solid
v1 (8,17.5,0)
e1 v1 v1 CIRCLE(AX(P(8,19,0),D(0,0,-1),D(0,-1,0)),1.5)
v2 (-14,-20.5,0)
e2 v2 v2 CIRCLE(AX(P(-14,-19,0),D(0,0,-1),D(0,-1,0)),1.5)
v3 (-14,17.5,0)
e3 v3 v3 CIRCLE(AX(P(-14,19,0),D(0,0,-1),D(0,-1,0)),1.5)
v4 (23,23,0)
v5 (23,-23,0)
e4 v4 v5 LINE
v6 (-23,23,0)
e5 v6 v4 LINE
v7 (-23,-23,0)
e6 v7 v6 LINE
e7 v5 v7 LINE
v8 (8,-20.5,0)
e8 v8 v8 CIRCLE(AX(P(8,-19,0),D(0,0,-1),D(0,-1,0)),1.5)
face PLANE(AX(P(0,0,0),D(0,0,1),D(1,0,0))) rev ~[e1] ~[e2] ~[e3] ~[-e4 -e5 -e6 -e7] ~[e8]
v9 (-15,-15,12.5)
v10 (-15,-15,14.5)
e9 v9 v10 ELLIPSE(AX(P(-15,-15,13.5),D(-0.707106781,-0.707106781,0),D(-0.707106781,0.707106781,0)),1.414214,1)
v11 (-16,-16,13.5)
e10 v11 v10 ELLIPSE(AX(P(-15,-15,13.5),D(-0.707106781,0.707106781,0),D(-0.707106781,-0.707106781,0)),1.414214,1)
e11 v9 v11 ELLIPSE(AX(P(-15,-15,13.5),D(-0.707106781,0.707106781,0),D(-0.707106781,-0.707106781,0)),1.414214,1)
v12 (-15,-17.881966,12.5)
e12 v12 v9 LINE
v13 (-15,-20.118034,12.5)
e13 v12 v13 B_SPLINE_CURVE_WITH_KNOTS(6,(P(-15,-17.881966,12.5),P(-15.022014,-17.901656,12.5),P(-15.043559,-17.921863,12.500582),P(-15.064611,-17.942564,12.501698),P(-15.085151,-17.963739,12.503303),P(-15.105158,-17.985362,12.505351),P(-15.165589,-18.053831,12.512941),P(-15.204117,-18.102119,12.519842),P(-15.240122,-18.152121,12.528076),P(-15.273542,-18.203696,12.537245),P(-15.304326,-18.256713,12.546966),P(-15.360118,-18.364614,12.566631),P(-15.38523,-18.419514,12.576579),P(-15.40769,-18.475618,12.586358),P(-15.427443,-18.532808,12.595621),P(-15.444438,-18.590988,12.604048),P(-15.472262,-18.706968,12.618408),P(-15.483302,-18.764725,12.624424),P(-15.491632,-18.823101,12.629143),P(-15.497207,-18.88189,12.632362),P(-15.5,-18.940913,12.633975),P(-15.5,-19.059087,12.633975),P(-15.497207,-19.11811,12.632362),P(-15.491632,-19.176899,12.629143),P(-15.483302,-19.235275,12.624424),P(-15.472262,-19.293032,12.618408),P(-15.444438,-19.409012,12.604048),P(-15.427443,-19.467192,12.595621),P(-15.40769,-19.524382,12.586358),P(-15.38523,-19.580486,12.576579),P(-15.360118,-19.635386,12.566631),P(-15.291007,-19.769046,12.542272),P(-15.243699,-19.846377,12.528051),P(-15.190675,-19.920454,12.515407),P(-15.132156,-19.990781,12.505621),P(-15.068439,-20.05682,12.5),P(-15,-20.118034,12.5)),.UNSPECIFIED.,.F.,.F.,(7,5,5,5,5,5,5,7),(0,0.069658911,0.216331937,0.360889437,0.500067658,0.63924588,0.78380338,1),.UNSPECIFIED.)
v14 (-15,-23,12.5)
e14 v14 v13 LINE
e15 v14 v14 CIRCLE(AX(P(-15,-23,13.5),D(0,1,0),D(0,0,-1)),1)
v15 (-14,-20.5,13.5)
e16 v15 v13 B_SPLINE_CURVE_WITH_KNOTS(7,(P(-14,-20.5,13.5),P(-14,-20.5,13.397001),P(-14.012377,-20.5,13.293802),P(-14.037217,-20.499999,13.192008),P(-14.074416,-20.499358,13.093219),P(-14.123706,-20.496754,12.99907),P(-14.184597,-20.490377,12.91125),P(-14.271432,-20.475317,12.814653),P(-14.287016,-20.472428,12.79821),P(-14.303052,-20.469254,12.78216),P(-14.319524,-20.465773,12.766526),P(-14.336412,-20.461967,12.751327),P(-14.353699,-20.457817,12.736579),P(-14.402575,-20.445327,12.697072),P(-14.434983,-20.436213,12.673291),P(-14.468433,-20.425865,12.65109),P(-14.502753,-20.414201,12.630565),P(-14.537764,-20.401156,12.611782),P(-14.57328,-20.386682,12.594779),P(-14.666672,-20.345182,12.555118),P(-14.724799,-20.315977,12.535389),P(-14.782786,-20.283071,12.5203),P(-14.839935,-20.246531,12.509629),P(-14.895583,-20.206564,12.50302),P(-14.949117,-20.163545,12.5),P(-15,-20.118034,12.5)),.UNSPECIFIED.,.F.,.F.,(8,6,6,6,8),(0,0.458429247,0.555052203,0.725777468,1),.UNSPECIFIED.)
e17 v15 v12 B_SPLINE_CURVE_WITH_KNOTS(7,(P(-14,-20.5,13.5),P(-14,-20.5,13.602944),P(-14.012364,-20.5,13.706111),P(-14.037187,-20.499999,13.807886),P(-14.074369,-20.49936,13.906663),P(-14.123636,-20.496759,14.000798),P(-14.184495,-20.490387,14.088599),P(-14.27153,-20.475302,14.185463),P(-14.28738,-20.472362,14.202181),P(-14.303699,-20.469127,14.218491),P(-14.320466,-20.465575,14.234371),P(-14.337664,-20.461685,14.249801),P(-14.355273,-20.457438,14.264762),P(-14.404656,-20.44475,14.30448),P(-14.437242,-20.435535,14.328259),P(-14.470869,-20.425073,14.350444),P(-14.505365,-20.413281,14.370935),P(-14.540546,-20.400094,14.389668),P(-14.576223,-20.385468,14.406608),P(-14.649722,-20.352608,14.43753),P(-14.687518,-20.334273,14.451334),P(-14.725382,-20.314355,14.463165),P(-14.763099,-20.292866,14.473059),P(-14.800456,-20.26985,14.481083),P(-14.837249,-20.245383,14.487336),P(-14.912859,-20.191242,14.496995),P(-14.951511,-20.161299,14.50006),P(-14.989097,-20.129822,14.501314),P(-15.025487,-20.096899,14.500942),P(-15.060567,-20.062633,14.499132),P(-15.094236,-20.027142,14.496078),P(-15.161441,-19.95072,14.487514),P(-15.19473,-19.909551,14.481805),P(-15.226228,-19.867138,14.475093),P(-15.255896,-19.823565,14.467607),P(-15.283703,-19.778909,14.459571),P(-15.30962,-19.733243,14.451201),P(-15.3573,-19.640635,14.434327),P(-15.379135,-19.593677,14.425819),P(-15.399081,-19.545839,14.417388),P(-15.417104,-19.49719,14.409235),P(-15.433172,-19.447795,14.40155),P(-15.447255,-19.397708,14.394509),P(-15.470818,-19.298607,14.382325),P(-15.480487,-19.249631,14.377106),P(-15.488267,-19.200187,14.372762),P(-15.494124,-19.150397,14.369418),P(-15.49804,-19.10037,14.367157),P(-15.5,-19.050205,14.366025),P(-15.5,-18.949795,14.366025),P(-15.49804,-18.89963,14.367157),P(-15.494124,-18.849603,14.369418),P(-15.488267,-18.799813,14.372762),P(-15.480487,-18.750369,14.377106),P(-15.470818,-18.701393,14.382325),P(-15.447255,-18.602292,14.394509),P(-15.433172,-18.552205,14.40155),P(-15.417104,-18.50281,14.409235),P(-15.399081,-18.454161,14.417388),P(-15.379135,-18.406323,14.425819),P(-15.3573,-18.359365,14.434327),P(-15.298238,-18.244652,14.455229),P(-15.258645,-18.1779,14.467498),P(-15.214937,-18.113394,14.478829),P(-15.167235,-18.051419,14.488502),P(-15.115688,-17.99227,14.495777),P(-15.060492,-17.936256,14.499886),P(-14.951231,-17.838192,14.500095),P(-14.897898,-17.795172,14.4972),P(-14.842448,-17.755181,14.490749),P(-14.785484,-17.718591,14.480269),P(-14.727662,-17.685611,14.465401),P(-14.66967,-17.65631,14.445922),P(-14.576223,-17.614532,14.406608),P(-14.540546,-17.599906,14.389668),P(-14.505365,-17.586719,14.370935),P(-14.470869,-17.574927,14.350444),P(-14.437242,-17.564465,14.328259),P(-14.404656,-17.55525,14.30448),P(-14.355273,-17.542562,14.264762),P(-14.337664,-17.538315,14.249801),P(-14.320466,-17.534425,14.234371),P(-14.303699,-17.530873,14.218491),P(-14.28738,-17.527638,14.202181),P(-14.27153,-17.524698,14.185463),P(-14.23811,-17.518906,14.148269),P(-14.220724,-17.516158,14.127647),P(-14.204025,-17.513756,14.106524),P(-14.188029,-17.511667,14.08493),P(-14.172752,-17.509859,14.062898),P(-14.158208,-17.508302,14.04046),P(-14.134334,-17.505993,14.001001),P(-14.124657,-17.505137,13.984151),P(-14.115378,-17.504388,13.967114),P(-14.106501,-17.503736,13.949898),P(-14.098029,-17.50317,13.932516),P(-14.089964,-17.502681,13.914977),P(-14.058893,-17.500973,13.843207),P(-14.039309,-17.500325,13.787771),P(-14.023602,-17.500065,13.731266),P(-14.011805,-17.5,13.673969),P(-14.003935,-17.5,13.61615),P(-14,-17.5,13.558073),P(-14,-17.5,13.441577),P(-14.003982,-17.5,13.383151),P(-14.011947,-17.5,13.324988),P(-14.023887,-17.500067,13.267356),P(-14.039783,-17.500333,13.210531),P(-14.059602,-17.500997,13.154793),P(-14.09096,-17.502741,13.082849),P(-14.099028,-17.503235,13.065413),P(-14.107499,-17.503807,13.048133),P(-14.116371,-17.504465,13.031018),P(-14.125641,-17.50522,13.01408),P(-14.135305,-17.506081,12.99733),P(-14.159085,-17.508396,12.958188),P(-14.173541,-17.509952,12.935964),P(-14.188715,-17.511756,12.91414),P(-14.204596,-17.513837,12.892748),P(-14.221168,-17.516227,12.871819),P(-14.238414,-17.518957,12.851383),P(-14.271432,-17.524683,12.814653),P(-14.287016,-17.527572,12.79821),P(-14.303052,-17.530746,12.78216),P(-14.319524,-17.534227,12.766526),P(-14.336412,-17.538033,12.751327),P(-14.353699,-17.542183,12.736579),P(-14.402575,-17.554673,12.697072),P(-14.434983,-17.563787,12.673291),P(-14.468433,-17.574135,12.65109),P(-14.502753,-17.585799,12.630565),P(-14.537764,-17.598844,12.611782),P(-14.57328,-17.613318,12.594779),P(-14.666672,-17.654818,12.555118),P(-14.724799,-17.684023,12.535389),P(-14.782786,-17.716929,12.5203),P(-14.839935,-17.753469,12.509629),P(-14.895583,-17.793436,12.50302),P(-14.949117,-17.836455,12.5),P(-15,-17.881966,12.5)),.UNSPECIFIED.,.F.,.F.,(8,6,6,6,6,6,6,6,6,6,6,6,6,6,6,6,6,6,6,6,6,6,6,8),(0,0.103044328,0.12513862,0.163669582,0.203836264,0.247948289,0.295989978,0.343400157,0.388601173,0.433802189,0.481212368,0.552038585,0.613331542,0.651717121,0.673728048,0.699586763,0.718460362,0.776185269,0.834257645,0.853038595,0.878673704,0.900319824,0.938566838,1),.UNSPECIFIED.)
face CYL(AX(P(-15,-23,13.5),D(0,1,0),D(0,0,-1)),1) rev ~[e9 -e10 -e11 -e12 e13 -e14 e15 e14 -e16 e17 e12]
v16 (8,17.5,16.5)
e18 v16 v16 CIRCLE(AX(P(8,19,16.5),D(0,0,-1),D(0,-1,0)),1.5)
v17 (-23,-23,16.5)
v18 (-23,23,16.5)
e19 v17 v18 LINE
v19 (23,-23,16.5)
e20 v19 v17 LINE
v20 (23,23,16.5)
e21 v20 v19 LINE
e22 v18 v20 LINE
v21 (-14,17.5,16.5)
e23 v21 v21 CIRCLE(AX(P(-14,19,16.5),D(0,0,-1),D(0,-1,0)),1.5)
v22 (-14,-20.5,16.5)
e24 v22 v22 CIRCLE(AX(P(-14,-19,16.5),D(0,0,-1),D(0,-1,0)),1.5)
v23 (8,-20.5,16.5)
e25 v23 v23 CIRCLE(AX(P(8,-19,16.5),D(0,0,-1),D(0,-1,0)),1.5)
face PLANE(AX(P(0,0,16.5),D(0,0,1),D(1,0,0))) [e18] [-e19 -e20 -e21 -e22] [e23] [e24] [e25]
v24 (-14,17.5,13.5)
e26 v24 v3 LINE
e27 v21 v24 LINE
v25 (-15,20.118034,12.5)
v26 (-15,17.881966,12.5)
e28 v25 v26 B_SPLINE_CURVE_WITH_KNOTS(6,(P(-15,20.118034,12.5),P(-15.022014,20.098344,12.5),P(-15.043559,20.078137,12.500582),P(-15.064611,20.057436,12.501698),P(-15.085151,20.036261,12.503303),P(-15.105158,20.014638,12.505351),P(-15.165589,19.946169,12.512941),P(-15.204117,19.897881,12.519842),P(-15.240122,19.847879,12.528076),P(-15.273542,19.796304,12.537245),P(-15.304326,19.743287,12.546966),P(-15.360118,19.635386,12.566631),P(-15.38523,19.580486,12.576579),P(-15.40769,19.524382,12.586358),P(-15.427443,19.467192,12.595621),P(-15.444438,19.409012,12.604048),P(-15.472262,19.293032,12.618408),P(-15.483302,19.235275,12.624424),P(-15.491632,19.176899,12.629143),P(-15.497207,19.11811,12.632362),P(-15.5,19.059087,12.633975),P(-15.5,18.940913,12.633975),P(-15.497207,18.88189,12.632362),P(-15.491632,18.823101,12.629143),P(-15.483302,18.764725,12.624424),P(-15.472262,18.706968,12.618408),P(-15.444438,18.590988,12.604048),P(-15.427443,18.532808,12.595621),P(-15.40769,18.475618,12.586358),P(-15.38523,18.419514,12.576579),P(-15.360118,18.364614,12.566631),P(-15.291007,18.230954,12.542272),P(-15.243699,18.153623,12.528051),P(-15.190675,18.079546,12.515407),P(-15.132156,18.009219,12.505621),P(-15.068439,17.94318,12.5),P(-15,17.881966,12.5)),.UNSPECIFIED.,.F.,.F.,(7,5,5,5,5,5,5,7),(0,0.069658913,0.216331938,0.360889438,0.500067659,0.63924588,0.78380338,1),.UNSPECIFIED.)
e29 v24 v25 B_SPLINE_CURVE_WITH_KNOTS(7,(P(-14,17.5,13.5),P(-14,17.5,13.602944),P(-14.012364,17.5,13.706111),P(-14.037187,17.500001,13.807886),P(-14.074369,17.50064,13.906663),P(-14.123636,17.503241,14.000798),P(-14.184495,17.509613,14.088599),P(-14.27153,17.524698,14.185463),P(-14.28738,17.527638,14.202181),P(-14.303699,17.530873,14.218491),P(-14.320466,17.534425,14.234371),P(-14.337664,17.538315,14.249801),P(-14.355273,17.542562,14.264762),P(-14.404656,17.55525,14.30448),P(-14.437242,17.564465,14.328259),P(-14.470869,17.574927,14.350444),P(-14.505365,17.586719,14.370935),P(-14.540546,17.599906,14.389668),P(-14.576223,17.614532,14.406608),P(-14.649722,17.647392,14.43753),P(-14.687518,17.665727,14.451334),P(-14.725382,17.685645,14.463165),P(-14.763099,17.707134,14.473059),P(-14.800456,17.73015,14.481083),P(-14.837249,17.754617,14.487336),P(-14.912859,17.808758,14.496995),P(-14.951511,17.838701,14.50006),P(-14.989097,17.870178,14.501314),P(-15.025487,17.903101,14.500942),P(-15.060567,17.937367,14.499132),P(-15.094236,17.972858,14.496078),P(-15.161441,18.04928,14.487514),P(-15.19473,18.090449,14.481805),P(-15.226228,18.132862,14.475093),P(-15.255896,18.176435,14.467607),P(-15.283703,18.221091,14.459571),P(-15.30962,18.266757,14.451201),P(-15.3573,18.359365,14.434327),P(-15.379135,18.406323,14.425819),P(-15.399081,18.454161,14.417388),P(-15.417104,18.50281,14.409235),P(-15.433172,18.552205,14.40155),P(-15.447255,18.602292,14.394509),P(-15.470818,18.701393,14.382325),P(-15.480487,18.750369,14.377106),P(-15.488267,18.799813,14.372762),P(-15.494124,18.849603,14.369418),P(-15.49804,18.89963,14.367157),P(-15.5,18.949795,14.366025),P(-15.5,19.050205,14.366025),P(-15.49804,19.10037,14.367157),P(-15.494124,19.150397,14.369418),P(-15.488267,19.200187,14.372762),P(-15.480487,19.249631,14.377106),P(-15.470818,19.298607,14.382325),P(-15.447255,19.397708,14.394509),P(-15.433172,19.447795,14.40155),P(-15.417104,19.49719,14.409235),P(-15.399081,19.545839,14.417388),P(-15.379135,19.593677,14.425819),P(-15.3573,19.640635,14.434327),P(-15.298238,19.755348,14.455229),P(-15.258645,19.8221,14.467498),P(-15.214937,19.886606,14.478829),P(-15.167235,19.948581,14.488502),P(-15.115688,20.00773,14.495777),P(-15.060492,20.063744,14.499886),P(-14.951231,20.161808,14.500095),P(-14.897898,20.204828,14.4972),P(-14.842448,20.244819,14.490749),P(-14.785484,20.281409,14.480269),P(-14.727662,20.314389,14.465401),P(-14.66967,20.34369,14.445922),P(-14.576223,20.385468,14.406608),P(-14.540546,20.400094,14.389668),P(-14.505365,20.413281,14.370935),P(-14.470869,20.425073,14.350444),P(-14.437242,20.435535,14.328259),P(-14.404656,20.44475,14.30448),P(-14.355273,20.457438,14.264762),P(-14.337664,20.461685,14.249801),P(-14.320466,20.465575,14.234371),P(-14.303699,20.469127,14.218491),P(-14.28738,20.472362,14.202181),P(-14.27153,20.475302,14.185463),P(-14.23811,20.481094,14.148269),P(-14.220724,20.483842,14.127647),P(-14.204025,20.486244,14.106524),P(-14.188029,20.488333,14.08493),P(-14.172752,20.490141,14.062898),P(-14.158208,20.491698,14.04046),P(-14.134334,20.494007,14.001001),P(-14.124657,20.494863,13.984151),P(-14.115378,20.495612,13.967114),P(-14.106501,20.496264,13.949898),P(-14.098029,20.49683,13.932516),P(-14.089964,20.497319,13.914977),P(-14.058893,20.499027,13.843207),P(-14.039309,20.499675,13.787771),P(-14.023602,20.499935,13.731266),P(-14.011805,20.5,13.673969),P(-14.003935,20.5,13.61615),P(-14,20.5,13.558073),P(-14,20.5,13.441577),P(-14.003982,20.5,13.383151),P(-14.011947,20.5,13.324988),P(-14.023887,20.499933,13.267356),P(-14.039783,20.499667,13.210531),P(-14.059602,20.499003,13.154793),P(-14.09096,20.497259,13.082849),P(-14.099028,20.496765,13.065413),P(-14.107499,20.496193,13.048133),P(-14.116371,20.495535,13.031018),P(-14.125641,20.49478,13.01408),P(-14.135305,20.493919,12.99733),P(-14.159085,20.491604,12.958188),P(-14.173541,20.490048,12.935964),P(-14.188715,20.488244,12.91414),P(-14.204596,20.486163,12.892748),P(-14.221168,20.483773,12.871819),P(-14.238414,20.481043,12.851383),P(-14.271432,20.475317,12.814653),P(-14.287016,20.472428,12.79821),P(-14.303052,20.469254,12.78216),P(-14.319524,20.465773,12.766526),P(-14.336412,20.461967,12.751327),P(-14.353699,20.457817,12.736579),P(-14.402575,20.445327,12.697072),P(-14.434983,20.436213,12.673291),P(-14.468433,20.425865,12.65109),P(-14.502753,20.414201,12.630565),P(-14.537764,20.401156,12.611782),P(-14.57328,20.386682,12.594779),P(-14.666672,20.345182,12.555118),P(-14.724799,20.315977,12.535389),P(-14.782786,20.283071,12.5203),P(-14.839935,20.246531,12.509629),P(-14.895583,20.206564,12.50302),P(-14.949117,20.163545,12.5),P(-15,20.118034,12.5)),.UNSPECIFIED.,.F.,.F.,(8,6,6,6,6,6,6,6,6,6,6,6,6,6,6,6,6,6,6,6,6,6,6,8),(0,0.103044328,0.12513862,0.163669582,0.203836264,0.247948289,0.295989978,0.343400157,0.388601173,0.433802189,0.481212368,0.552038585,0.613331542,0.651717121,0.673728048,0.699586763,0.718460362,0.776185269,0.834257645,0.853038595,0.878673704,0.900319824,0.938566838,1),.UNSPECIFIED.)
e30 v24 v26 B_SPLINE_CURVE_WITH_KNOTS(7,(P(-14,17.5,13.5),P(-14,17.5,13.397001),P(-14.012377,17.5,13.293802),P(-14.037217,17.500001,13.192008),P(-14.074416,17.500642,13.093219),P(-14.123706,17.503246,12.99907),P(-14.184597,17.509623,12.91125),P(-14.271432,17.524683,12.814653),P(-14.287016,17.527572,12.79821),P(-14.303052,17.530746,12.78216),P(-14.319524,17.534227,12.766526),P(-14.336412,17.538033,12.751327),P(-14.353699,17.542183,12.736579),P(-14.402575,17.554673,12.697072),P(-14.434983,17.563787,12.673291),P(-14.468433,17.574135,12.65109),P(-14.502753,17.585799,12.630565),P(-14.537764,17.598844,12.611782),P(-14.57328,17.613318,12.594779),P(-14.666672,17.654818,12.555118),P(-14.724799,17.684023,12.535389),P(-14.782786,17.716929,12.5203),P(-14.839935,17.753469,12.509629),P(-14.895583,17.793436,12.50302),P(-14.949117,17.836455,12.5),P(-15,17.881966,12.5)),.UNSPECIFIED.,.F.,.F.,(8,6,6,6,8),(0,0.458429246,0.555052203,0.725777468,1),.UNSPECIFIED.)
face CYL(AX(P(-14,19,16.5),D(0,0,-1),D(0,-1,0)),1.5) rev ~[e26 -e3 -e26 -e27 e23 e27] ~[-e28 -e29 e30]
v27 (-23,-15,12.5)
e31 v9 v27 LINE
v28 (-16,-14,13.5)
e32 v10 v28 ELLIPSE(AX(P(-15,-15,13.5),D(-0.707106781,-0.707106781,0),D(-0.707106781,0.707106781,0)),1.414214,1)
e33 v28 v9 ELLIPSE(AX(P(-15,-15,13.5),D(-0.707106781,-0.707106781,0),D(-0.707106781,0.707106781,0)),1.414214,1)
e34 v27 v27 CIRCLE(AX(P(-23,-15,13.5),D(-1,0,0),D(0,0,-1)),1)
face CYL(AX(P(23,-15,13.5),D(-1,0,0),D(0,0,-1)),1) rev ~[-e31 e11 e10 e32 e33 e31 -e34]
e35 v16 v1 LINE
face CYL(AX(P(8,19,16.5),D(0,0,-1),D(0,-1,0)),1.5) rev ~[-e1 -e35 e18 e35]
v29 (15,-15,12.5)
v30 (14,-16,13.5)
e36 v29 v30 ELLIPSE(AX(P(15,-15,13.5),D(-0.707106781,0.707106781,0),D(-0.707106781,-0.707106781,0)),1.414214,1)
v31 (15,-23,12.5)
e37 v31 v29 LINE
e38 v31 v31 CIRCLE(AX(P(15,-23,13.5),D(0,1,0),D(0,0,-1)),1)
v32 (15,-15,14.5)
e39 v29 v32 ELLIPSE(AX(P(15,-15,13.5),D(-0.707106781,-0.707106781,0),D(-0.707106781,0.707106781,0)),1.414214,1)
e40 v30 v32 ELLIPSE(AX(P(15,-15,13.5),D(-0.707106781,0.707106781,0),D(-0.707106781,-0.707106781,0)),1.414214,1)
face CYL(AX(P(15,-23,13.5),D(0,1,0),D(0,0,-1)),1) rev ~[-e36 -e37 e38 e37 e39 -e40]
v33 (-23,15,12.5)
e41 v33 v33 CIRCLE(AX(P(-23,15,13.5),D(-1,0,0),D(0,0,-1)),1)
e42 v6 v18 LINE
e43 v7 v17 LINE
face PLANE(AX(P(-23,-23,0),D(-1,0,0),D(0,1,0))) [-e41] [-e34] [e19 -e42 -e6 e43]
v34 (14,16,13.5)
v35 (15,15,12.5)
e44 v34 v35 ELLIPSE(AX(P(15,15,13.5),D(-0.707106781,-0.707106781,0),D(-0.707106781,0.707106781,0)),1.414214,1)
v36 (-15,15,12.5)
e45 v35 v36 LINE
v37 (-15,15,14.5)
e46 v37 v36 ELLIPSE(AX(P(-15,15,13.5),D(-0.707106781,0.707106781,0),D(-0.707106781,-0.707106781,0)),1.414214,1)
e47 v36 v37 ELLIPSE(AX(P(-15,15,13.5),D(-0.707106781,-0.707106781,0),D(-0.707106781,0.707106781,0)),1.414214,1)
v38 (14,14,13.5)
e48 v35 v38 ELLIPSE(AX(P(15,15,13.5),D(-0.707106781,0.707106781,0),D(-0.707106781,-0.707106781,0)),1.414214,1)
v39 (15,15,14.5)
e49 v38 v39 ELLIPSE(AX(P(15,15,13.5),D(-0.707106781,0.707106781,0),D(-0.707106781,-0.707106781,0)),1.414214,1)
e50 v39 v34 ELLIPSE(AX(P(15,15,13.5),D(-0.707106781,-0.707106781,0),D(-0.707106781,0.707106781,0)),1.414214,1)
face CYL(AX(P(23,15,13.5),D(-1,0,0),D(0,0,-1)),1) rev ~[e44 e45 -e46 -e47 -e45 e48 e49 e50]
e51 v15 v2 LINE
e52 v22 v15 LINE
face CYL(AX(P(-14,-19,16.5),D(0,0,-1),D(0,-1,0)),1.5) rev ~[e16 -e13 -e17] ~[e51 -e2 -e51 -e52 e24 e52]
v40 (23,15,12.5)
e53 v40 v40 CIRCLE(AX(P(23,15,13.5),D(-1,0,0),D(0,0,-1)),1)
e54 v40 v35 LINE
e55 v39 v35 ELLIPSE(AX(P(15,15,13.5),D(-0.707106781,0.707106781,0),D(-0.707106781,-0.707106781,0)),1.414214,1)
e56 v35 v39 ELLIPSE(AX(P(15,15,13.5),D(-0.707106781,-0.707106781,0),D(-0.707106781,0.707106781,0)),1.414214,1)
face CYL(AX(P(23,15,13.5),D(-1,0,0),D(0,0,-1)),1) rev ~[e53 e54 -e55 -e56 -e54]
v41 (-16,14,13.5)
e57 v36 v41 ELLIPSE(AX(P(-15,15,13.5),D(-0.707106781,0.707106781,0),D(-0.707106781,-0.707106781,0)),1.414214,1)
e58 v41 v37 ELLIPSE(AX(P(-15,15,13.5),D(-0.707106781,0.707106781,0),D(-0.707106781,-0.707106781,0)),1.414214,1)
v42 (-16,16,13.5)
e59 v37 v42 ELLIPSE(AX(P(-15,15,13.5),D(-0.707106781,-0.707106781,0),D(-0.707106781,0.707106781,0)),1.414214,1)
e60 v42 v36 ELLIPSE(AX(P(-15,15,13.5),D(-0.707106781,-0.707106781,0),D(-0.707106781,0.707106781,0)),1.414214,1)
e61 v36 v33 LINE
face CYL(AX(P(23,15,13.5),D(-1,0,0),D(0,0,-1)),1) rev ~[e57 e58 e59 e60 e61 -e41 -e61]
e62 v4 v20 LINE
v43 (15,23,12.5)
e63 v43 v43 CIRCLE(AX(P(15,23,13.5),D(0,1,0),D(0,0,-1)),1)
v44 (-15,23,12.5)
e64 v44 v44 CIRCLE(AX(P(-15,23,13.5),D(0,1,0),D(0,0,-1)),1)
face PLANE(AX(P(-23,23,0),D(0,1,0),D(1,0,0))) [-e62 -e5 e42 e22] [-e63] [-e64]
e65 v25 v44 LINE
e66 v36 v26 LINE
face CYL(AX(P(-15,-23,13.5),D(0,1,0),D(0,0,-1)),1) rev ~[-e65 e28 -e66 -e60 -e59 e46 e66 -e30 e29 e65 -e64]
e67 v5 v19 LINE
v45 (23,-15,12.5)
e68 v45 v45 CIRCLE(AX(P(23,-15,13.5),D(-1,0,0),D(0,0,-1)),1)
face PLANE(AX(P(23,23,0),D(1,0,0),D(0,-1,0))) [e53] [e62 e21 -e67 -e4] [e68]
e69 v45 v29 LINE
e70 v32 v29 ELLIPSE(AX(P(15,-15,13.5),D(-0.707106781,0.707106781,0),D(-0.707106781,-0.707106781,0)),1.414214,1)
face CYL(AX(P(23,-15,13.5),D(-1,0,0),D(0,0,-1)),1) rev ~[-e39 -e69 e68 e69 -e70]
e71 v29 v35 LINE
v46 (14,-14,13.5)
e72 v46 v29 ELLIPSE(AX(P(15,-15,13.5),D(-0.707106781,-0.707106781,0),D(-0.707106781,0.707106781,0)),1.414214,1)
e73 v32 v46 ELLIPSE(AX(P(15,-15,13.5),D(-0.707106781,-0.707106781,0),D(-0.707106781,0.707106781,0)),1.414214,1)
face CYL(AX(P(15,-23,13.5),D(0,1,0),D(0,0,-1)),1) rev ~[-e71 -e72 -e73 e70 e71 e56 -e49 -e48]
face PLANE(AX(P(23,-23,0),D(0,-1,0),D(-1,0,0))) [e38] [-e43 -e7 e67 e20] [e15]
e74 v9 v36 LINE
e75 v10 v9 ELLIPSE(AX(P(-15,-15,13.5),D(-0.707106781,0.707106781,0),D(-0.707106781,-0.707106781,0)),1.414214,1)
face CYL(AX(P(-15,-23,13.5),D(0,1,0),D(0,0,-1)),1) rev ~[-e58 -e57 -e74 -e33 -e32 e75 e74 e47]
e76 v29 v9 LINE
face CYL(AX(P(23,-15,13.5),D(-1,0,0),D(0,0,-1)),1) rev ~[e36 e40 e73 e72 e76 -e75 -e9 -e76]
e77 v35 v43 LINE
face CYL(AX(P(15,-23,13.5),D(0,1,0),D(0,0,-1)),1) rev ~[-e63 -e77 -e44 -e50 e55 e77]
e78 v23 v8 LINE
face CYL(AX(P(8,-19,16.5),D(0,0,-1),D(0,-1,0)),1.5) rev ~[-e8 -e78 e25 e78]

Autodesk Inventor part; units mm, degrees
ref_plane "YZ Plane" through (0, 0, 0) normal (1, 0, 0) x (0, 1, 0)
ref_plane "XZ Plane" through (0, 0, 0) normal (0, 1, 0) x (-1, 0, 0)
ref_plane "XY Plane" through (0, 0, 0) normal (0, 0, 1) x (1, 0, 0)
sketch "スケッチ1" plane through (0, 0, 0) normal (0, 0, 1) x (1, 0, 0)
  line L0 (-23, 23) -> (23, 23)
  line L1 (23, 23) -> (23, -23)
  line L2 (23, -23) -> (-23, -23)
  line L3 (-23, -23) -> (-23, 23)
  point P0 (0, 0)
  dimension "d0" = 46
  dimension "d1" = 46
  dimension "d2" = 23
  dimension "d3" = 23
extrude "押し出し1" add sketch "スケッチ1" along normal blind 16.5
sketch "スケッチ2" plane through (23, -23, 0) normal (1, 0, 0) x (0, 0, -1)
  line L0 (0, 0) -> (-16.5, 0)
  line L1 (0, 46) -> (-16.5, 46)
  circle A0 centre (-13.5, 38) radius 1
  circle A1 centre (-13.5, 8) radius 1
  line L2 (-16.5, 46) -> (-16.5, 0)
  point P0 (0, 23)
  dimension "d6" = 2
  dimension "d8" = 8
  dimension "d13" = 8
  dimension "d48" = 3
  dimension "d50" = 3
hole "穴1" at (23, -15, 13.5) at (23, 15, 13.5) direction (-1, 0, 0) diameter 2 end through all
sketch "スケッチ3" plane through (-23, -23, 0) normal (0, -1, 0) x (1, 0, 0)
  line L0 (46, 16.5) -> (0, 16.5)
  line L1 (0, 0) -> (0, 16.5)
  line L2 (46, 0) -> (46, 16.5)
  circle A0 centre (8, 13.5) radius 1
  circle A1 centre (38, 13.5) radius 1
  point P0 (23, 0)
  dimension "d22" = 2
  dimension "d23" = 3
  dimension "d25" = 3
  dimension "d26" = 8
  dimension "d27" = 8
hole "穴2" at (-15, -23, 13.5) at (15, -23, 13.5) direction (0, 1, 0) diameter 2 end through all
thread "ねじ1"
thread "ねじ3"
thread "ねじ5"
thread "ねじ6"
sketch "スケッチ4" plane through (0, 0, 16.5) normal (0, 0, 1) x (1, 0, 0)
  line L0 (-23, -23) -> (-23, 23)
  line L1 (23, -23) -> (-23, -23)
  circle A0 centre (-14, 19) radius 1.5
  circle A1 centre (8, 19) radius 1.5
  circle A2 centre (-14, -19) radius 1.5
  circle A3 centre (8, -19) radius 1.5
  dimension "d51" = 3
  dimension "d52" = 22
  dimension "d53" = 22
  dimension "d54" = 38
  dimension "d55" = 38
  dimension "d88" = 9
  dimension "d89" = 9
  dimension "d90" = 4
  dimension "d91" = 4
hole "穴3" at (-14, -19, 16.5) at (-14, 19, 16.5) at (8, -19, 16.5) at (8, 19, 16.5) direction (0, 0, -1) diameter 3 end through all
thread "ねじ7"
thread "ねじ8"
thread "ねじ9"
thread "ねじ10"
thread "ねじ11"
thread "ねじ13"
thread "ねじ14"
thread "ねじ16"
properties part number "14" material "アセタール樹脂、白"
